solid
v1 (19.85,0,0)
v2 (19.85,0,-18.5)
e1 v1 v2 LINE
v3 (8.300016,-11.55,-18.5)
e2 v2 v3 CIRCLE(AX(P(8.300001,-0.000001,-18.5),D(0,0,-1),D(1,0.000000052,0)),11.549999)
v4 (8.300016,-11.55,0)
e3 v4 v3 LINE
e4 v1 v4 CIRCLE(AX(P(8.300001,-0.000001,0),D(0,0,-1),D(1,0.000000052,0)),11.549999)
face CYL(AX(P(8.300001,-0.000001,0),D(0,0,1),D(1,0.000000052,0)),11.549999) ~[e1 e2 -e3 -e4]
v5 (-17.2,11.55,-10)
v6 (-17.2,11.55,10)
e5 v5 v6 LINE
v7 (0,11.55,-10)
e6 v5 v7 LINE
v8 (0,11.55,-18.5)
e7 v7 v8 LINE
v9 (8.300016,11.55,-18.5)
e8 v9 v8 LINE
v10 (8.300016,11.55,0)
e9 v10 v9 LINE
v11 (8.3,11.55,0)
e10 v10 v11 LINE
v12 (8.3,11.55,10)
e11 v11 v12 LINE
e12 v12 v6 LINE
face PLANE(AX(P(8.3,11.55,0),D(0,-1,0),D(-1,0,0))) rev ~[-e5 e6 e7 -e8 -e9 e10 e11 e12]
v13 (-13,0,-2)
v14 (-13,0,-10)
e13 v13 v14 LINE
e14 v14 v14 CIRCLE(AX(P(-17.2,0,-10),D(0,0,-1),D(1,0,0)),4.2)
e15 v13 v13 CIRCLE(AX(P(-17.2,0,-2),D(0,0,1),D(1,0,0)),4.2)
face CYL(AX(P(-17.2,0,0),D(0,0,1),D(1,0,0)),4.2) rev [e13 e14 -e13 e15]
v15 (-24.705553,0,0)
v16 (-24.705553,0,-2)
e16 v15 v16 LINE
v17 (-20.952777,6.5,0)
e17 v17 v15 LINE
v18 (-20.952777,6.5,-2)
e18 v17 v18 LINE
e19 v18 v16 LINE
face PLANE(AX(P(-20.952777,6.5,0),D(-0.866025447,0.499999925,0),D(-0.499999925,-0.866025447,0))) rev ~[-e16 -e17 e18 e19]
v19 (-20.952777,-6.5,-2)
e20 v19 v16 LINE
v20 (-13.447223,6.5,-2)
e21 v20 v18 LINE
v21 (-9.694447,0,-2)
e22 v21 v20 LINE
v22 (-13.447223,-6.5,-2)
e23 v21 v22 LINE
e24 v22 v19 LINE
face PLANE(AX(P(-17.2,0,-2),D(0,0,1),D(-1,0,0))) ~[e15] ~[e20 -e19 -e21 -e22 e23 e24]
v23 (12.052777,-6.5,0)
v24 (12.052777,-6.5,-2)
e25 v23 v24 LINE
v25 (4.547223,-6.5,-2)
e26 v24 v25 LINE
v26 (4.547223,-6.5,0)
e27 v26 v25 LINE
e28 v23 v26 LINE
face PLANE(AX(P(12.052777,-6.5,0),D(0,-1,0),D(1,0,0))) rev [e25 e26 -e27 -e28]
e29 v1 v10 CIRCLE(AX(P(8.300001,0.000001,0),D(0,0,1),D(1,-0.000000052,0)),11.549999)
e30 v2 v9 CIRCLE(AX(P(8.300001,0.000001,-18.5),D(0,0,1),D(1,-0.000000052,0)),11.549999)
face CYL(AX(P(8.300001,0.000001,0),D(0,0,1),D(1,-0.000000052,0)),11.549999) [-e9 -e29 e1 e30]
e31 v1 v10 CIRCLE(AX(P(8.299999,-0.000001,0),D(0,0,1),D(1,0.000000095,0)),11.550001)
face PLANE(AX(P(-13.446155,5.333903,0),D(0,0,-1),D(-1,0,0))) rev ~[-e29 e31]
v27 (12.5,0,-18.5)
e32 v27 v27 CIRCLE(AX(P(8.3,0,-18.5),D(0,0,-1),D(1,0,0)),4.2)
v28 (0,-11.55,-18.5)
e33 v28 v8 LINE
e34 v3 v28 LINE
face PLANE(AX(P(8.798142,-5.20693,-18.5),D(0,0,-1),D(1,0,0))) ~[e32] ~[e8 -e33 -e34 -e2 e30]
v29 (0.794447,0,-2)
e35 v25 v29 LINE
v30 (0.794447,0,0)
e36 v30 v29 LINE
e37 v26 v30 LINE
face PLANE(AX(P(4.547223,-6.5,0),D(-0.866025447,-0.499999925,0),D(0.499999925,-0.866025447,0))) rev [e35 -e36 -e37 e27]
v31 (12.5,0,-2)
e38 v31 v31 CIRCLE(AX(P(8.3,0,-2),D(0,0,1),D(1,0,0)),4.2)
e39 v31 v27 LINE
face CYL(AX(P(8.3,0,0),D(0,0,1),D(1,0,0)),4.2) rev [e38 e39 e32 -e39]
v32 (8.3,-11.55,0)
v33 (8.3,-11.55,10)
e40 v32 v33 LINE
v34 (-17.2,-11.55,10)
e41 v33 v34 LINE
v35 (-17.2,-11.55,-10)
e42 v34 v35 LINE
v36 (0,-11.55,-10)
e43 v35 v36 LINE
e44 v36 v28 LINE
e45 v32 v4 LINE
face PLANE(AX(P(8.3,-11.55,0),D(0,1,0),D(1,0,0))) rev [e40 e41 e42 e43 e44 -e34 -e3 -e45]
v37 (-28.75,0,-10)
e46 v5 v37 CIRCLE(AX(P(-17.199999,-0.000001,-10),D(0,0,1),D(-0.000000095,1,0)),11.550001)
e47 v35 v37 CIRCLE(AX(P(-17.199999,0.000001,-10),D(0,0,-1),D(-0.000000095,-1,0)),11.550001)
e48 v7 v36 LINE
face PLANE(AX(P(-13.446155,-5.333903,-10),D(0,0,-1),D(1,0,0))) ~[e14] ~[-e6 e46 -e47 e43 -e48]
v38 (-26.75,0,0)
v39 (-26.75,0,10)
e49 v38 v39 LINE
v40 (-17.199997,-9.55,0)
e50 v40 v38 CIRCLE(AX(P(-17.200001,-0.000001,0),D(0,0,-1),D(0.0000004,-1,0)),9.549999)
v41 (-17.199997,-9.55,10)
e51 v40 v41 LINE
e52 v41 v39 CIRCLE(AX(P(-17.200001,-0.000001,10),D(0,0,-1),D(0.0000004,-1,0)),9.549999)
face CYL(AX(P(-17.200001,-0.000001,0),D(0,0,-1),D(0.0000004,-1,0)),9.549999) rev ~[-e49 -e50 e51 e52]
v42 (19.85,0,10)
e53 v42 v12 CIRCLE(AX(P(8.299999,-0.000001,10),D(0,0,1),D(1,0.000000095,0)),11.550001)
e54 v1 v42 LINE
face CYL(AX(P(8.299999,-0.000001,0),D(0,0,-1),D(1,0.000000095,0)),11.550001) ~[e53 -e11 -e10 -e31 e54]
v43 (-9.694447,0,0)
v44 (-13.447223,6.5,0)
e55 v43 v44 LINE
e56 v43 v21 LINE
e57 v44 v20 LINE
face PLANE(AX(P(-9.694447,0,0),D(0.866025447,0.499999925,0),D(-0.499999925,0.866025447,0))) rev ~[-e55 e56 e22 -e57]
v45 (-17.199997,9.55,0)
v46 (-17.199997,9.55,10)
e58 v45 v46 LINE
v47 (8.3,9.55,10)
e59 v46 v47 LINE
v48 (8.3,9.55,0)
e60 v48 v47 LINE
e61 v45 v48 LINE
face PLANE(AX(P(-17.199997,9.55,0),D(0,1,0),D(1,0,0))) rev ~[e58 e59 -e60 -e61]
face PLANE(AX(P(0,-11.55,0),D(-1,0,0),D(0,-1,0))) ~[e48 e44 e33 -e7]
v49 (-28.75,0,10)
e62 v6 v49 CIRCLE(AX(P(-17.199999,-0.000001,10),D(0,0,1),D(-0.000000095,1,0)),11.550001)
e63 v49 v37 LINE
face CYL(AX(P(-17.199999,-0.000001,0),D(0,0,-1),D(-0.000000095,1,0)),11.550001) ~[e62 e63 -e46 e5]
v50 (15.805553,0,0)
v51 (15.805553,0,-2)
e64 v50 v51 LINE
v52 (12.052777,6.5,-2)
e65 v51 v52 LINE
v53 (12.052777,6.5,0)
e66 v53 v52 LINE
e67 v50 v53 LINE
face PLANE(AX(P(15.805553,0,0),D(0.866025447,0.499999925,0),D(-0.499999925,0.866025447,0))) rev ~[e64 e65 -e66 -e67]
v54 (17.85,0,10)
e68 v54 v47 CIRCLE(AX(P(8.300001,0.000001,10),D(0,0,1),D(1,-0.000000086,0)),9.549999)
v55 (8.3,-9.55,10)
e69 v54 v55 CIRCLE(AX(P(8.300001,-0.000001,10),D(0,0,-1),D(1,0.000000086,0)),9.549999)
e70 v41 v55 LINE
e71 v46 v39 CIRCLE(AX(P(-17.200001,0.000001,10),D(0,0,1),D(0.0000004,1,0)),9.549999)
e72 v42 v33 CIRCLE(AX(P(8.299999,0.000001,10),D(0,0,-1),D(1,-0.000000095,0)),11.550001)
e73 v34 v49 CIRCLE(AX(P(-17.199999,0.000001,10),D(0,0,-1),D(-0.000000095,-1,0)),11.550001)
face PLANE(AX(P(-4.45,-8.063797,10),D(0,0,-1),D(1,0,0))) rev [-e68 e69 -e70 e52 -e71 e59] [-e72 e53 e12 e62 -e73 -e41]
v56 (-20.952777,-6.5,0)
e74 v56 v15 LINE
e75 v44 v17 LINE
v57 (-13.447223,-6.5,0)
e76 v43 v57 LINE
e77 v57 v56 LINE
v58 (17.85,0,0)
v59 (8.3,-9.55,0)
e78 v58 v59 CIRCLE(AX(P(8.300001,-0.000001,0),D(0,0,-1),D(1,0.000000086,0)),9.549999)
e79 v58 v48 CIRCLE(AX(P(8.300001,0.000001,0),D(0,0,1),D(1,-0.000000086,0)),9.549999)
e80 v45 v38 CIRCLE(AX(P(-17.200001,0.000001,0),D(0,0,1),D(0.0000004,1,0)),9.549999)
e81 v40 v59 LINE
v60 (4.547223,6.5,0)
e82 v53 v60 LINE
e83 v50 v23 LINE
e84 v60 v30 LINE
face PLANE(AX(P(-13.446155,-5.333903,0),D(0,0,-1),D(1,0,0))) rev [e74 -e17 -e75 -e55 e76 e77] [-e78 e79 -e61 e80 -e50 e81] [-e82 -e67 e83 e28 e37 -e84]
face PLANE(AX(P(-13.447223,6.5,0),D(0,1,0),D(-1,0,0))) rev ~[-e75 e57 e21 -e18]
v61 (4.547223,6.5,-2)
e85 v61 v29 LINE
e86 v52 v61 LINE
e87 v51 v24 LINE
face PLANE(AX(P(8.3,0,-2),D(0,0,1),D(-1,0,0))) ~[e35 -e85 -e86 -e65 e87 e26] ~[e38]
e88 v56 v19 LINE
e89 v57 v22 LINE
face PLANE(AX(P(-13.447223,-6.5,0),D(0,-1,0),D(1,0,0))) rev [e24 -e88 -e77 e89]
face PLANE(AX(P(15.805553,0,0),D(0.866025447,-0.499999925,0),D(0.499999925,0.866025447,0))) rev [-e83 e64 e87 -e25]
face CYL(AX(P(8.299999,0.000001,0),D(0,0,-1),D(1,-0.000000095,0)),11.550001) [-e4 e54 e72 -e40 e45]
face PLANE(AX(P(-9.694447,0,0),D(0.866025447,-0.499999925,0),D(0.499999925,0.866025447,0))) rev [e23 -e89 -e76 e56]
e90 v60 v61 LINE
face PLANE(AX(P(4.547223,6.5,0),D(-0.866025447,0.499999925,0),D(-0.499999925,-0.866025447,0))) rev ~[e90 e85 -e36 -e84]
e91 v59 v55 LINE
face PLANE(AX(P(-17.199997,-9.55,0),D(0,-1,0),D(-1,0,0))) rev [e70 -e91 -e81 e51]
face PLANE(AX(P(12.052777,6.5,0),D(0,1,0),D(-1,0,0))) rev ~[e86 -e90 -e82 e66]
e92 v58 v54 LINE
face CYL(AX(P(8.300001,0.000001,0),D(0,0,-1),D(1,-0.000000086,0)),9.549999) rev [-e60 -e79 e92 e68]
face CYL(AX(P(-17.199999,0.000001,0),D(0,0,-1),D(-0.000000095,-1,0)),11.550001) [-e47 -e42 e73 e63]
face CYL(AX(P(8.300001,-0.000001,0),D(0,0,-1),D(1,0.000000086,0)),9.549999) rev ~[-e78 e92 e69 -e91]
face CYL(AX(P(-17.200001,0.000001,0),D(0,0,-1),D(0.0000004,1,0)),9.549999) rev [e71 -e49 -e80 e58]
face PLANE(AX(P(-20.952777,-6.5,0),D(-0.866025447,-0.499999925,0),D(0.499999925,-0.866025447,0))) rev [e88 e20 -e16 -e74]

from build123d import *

# Parameters (mm, degrees)
PAD_DEPTH    = 18.5
PAD001_DEPTH = 10
PAD002_DEPTH = 10
POCKET_DEPTH = 2


with BuildPart() as part:
    # Sketch001 → Pad (new body)
    with BuildSketch(Plane.XY):
        with BuildLine():
            ThreePointArc((12.5, 0), (8.3, 4.2), (4.1, 0))
            Line((0, 0), (4.1, 0))
            Line((0, 11.55), (0, 0))
            Line((8.300016, 11.55), (0, 11.55))
            ThreePointArc((19.85, 0), (16.467089, 8.167078), (8.300016, 11.55))
            Line((12.5, 0), (19.85, 0))
        make_face()
    pad = extrude(amount=-PAD_DEPTH)

    # Sketch002 → Pad001 (join)
    with BuildSketch(Plane.XY):
        with BuildLine():
            ThreePointArc((-13, 0), (-17.2, 4.2), (-21.4, 0))
            Line((-21.4, 0), (-28.75, 0))
            ThreePointArc((-17.2, 11.55), (-25.367083, 8.167083), (-28.75, 0))
            Line((-17.2, 11.55), (0, 11.55))
            Line((0, 11.55), (0, 0))
            Line((0, 0), (-13, 0))
        make_face()
    pad001 = extrude(amount=-PAD001_DEPTH)

    # Sketch003 → Pad002 (join)
    with BuildSketch(Plane.XY):
        with BuildLine():
            Line((-17.2, 11.55), (0, 11.55))
            Line((8.3, 11.55), (0, 11.55))
            ThreePointArc((19.85, 0), (16.467083, 8.167083), (8.3, 11.55))
            Line((17.85, 0), (19.85, 0))
            ThreePointArc((17.85, 0), (15.05287, 6.75287), (8.3, 9.55))
            Line((-17.199997, 9.55), (8.3, 9.55))
            ThreePointArc((-17.199997, 9.55), (-23.952869, 6.752871), (-26.75, 0))
            Line((-28.75, 0), (-26.75, 0))
            ThreePointArc((-17.2, 11.55), (-25.367083, 8.167083), (-28.75, 0))
        make_face()
    pad002 = extrude(amount=PAD002_DEPTH)

    # Sketch004 → Pocket (cut)
    with BuildSketch(Plane.XY):
        Polygon((-9.694447, 0), (-13.447223, 6.5), (-20.952777, 6.5), (-24.705553, 0), (-20.952777, -6.5), (-13.447223, -6.5), align=None)
        Polygon((15.805553, 0), (12.052777, 6.5), (4.547223, 6.5), (0.794447, 0), (4.547223, -6.5), (12.052777, -6.5), align=None)
    pocket = extrude(amount=-POCKET_DEPTH, mode=Mode.SUBTRACT)

    # Mirrored: Pad, Pad001, Pad002, Pocket across Sketch001 H_Axis
    add(pad.mirror(Plane.ZX))
    add(pad001.mirror(Plane.ZX))
    add(pad002.mirror(Plane.ZX))
    add(pocket.mirror(Plane.ZX), mode=Mode.SUBTRACT)


solid = part.part
